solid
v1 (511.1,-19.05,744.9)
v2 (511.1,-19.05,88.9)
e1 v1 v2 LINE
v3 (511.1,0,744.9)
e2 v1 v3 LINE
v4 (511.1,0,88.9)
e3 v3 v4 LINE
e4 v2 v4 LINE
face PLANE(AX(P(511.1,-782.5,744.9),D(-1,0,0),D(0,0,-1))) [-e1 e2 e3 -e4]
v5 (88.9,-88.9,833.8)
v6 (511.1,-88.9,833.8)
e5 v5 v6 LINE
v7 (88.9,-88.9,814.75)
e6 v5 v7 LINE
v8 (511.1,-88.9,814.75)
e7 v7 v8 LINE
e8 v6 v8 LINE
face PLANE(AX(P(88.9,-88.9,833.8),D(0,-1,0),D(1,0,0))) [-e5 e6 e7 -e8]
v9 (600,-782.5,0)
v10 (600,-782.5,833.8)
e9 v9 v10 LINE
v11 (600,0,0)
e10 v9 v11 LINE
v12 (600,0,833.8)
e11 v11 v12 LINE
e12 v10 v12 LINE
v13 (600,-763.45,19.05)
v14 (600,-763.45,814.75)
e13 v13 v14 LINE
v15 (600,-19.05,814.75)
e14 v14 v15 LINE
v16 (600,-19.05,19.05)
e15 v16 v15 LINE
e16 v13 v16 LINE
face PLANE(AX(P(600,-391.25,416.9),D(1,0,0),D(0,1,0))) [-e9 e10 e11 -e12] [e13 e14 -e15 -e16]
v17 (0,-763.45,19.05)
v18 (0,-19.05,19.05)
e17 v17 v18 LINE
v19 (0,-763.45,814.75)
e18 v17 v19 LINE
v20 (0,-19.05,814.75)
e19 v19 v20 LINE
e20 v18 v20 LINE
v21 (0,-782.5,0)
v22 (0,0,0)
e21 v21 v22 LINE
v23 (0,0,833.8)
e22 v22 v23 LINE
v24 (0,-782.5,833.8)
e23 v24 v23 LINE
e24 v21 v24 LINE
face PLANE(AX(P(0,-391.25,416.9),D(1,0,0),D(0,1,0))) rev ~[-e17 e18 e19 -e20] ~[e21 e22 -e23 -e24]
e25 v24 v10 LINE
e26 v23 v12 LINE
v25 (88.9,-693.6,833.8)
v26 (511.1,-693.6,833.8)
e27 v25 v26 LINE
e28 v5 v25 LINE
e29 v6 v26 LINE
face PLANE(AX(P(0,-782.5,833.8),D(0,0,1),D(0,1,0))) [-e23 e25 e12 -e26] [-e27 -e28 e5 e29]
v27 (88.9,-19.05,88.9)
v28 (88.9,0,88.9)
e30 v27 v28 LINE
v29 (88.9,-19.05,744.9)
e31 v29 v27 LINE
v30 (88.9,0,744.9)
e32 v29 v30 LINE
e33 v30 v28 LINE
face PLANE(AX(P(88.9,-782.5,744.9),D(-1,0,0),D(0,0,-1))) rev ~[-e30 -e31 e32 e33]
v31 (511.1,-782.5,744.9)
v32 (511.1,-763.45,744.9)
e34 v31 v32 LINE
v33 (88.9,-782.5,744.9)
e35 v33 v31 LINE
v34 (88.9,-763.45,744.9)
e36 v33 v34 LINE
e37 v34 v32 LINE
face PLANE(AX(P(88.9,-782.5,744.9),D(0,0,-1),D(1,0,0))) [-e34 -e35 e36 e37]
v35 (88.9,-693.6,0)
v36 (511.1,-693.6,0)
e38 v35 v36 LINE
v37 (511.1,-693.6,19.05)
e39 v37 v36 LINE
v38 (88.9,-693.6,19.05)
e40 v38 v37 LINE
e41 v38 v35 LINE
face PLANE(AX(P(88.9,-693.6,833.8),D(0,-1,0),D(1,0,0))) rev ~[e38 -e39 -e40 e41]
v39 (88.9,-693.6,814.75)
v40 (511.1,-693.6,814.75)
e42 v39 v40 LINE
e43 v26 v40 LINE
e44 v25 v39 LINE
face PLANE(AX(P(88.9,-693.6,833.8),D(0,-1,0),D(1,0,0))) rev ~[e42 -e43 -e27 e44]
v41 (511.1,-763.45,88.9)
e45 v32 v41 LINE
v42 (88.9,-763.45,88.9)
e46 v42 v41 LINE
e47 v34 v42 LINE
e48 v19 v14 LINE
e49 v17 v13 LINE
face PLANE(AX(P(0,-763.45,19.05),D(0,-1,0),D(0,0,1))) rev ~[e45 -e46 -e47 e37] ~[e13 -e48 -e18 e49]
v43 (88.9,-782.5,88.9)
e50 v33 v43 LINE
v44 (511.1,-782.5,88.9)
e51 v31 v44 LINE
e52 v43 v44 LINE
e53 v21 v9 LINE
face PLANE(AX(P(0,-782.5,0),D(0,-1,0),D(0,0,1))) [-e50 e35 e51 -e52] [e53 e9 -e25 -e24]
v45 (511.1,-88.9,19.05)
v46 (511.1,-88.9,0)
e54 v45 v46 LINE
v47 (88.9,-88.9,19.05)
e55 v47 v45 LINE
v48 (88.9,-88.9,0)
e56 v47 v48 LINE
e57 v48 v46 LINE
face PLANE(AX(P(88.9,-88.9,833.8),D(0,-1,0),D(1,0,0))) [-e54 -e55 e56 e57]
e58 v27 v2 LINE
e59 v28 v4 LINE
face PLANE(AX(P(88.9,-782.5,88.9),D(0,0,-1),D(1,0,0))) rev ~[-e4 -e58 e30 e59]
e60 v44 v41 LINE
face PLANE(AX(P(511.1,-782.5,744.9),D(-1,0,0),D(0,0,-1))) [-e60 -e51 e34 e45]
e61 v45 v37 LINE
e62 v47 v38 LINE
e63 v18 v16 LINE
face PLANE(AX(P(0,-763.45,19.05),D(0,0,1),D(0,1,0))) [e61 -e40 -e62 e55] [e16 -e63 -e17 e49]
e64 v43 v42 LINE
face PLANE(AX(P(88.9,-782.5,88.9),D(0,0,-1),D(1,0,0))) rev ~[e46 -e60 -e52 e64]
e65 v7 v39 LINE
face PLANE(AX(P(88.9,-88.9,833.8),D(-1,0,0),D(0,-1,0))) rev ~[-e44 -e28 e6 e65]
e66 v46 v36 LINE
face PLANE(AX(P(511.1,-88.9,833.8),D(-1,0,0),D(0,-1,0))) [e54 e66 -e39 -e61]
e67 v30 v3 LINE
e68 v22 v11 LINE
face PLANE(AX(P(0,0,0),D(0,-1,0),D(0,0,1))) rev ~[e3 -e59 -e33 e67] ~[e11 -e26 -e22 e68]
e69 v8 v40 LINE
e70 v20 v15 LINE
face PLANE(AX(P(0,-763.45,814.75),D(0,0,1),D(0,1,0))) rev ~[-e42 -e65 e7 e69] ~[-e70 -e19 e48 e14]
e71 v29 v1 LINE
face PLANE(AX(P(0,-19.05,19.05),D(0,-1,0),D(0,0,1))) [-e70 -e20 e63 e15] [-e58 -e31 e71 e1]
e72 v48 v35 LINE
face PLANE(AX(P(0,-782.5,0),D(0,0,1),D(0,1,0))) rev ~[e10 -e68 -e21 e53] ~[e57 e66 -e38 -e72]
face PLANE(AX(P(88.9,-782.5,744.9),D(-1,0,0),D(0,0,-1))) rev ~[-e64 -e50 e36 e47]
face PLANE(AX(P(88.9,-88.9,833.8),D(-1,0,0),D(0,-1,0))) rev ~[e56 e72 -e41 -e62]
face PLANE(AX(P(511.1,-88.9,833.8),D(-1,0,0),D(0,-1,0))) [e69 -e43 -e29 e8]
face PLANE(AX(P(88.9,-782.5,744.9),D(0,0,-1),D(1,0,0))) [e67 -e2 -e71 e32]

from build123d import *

# Parameters (mm, degrees)
SKETCH_W        = 782.5
SKETCH_H        = 833.8
SKETCH_W_2      = 744.4
SKETCH_H_2      = 795.7
PAD_DEPTH       = 600
SKETCH001_W     = 656
SKETCH001_H     = 422.2
POCKET_DEPTH    = 782.501
SKETCH002_W     = 604.7
SKETCH002_H     = 422.2
POCKET001_DEPTH = 833.801


with BuildPart() as part:
    # Sketch → Pad (new body)
    with BuildSketch(Plane.YZ):
        with Locations((-391.25, 416.9)):
            Rectangle(SKETCH_W, SKETCH_H)
        with Locations((-391.25, 416.9)):
            Rectangle(SKETCH_W_2, SKETCH_H_2, mode=Mode.SUBTRACT)
    extrude(amount=PAD_DEPTH)

    # Sketch001 (on Face4 of Pad) → Pocket (cut, through all)
    with BuildSketch(Plane(origin=(0, -782.5, 0), x_dir=(0, 0, -1), z_dir=(0, -1, 0))):
        with Locations((-416.9, 300)):
            Rectangle(SKETCH001_W, SKETCH001_H)
    extrude(amount=-POCKET_DEPTH, mode=Mode.SUBTRACT)

    # Sketch002 (on Face1 of Pocket) → Pocket001 (cut, through all)
    with BuildSketch(Plane(origin=(0, 0, 833.8), x_dir=(0, -1, 0), z_dir=(0, 0, 1))):
        with Locations((391.25, 300)):
            Rectangle(SKETCH002_W, SKETCH002_H)
    extrude(amount=-POCKET001_DEPTH, mode=Mode.SUBTRACT)


solid = part.part
